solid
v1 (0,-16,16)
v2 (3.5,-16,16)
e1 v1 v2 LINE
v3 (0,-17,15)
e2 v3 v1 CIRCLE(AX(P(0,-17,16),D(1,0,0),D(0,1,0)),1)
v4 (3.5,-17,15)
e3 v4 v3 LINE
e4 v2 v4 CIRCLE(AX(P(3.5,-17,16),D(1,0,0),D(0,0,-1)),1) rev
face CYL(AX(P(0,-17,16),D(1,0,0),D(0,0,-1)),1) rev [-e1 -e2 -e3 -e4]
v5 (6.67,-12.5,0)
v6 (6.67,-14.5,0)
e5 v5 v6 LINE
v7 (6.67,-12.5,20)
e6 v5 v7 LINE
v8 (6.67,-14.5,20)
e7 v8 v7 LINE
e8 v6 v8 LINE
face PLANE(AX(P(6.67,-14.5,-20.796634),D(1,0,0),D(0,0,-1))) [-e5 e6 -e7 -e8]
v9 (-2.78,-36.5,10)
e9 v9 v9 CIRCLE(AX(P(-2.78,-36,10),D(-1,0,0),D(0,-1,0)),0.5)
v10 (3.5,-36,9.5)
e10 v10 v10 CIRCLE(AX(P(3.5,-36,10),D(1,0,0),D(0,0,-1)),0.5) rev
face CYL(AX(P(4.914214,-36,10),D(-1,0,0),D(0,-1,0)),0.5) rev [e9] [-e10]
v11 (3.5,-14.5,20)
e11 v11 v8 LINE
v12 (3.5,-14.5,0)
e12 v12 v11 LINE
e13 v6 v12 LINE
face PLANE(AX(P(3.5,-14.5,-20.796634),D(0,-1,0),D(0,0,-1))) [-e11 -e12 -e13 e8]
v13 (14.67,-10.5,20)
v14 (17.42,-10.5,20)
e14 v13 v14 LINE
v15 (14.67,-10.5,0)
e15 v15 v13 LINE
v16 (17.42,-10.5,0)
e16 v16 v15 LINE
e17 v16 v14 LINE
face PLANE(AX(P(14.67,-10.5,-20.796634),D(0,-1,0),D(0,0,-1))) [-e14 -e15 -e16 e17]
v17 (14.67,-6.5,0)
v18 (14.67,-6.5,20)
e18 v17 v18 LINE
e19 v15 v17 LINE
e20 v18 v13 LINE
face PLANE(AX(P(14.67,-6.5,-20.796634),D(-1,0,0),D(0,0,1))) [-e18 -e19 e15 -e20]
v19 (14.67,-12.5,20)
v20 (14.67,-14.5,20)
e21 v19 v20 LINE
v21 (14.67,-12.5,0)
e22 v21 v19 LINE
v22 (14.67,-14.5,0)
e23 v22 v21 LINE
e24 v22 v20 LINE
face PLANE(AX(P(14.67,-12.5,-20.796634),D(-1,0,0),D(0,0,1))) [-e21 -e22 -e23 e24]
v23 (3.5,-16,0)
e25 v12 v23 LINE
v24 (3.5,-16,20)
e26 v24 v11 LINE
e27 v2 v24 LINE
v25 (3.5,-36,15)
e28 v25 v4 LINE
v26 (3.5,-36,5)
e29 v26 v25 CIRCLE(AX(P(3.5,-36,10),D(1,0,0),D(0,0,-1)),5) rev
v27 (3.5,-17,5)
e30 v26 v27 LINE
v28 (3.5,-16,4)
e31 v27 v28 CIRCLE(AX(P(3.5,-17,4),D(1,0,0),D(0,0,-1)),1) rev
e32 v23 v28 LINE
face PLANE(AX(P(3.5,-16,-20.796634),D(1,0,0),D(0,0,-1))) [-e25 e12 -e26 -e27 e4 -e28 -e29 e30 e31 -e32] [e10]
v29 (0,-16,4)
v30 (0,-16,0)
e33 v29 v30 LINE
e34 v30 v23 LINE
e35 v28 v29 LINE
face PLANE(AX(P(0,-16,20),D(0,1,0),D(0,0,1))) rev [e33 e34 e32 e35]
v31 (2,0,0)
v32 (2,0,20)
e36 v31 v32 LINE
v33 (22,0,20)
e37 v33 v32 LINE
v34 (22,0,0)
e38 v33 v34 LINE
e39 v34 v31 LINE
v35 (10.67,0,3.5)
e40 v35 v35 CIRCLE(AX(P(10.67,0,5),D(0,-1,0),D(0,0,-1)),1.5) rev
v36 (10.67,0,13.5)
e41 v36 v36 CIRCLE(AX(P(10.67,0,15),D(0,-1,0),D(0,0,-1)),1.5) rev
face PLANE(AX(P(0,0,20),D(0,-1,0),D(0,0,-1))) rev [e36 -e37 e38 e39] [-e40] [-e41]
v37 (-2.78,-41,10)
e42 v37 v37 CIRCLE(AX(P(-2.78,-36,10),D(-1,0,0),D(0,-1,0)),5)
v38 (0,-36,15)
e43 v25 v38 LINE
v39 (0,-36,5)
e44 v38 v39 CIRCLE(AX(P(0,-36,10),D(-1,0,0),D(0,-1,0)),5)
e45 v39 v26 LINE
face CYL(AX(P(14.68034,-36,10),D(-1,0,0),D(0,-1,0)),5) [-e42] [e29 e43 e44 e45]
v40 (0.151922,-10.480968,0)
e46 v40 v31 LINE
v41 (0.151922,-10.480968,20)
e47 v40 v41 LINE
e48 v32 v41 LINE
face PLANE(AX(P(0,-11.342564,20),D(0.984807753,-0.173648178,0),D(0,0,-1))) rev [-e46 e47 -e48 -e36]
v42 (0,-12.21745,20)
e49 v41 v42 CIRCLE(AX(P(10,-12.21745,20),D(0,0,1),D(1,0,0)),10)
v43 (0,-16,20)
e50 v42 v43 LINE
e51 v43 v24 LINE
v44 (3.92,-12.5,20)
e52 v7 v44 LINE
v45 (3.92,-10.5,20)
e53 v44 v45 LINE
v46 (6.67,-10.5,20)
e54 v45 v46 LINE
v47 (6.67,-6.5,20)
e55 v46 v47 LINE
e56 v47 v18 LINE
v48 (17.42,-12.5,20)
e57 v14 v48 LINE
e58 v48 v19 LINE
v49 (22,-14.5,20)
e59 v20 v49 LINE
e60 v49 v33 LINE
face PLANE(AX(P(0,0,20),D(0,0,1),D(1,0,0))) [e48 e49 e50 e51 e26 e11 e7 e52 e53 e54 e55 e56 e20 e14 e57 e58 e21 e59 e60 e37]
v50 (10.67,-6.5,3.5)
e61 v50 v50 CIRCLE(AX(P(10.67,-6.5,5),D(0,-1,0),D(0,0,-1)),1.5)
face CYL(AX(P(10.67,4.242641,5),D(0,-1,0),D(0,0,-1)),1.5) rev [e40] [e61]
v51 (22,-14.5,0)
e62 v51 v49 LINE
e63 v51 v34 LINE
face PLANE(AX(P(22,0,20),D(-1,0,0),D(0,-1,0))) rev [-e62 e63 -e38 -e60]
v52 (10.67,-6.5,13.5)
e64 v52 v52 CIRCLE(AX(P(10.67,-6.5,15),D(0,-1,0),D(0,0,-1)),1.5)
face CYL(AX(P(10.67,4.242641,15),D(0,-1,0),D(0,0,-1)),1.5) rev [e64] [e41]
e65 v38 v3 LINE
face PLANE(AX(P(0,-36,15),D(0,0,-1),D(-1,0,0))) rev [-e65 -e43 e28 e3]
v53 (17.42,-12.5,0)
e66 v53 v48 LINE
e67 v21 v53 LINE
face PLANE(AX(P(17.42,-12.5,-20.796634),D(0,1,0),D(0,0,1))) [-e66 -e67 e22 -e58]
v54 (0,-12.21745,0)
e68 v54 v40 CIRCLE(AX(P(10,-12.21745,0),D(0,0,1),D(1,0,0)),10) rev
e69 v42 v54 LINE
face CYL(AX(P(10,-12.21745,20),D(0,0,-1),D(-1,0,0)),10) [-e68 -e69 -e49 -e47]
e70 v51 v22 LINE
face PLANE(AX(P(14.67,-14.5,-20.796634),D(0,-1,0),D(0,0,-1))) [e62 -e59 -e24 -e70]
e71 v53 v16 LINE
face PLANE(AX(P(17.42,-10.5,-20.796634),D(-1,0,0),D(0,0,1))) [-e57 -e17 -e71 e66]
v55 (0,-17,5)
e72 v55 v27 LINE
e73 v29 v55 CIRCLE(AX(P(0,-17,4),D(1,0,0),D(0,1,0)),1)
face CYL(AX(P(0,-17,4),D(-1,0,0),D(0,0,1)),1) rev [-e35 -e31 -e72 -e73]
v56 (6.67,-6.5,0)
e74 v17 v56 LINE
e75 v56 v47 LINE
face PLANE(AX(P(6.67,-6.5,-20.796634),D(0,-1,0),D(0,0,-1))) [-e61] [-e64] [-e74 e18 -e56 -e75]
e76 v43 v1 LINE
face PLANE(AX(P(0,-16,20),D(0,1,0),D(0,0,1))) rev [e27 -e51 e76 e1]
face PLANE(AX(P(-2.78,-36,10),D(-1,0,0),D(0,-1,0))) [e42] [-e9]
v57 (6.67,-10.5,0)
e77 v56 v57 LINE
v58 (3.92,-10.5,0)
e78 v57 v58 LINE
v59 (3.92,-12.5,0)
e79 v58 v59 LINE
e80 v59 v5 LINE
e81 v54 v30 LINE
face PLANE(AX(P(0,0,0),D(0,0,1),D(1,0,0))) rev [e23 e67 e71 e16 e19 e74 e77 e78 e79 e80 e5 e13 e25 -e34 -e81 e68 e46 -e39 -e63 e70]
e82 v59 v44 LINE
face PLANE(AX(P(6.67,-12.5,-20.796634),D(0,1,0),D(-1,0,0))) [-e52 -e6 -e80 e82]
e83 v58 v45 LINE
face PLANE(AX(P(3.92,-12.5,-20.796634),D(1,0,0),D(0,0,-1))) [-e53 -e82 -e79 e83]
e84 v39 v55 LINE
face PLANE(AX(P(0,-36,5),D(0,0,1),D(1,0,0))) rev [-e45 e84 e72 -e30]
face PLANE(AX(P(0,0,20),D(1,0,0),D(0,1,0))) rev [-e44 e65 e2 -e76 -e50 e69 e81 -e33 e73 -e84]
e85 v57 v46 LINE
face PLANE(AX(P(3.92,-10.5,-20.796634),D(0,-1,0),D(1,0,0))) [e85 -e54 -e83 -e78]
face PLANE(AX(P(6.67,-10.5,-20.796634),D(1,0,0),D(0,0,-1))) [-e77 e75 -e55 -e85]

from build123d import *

# Parameters (mm, degrees)
SKETCH1_W           = 22
SKETCH1_H           = 16
BOSS_EXTRUDE1_DEPTH = 20
CHAMFER1_SIZE       = 2
CHAMFER1_SIZE2      = 11.342563639
CUT_EXTRUDE1_DEPTH  = 20
FILLET1_R           = 10
SKETCH3_W           = 3.5
SKETCH3_H           = 10
BOSS_EXTRUDE2_DEPTH = 20
FILLET2_R           = 1
BOSS_EXTRUDE3_DEPTH = 3.5
SKETCH8_R           = 0.5
CUT_EXTRUDE2_DEPTH  = 3.5
SKETCH9_R           = 1.5
CUT_EXTRUDE3_DEPTH  = 6.5
SKETCH10_R          = 5
SKETCH10_R_2        = 0.5
BOSS_EXTRUDE4_DEPTH = 2.78


with BuildPart() as part:
    # Sketch1 → Boss-Extrude1 (new body)
    with BuildSketch(Plane.XY):
        with Locations((11, -8)):
            Rectangle(SKETCH1_W, SKETCH1_H)
    extrude(amount=BOSS_EXTRUDE1_DEPTH)

    # Chamfer1
    chamfer1_edges = [part.edges().sort_by_distance(p)[0] for p in [
        (0, 0, 10),
    ]]
    chamfer1_side = [part.faces().sort_by_distance(p)[0] for p in [
        (11, 0, 10),
    ]]
    chamfer(chamfer1_edges, length=CHAMFER1_SIZE, length2=CHAMFER1_SIZE2, reference=chamfer1_side[0])

    # Sketch2 → Cut-Extrude1 (cut)
    with BuildSketch(Plane.XY.offset(20)):
        Polygon((3.5, -16), (3.5, -14.5), (6.67, -14.5), (6.67, -12.5), (3.92, -12.5), (3.92, -10.5), (6.67, -10.5), (6.67, -6.5), (14.67, -6.5), (14.67, -10.5), (17.42, -10.5), (17.42, -12.5), (14.67, -12.5), (14.67, -14.5), (22, -14.5), (22, -16), align=None)
    extrude(amount=-CUT_EXTRUDE1_DEPTH, mode=Mode.SUBTRACT)

    # Fillet1
    fillet1_edges = [part.edges().sort_by_distance(p)[0] for p in [
        (0, -11.342563639, 10),
    ]]
    fillet(fillet1_edges, radius=FILLET1_R)

    # Sketch3 → Boss-Extrude2 (add)
    with BuildSketch(Plane.XZ.offset(16)):
        with Locations((1.75, 10)):
            Rectangle(SKETCH3_W, SKETCH3_H)
    extrude(amount=BOSS_EXTRUDE2_DEPTH)

    # Fillet2
    fillet2_edges = [part.edges().sort_by_distance(p)[0] for p in [
        (1.75, -16, 5),
        (1.75, -16, 15),
    ]]
    fillet(fillet2_edges, radius=FILLET2_R)

    # Sketch7 → Boss-Extrude3 (add)
    with BuildSketch(Plane.ZY):
        with BuildLine():
            Line((15, -36), (5, -36))
            ThreePointArc((5, -36), (10, -41), (15, -36))
        make_face()
    extrude(amount=-BOSS_EXTRUDE3_DEPTH)

    # Sketch8 → Cut-Extrude2 (cut)
    with BuildSketch(Plane.ZY):
        with Locations((10, -36)):
            Circle(SKETCH8_R)
    extrude(amount=-CUT_EXTRUDE2_DEPTH, mode=Mode.SUBTRACT)

    # Sketch9 → Cut-Extrude3 (cut)
    with BuildSketch(Plane.XZ.offset(6.5)):
        with Locations((10.67, 15)):
            Circle(SKETCH9_R)
        with Locations((10.67, 5)):
            Circle(SKETCH9_R)
    extrude(amount=-CUT_EXTRUDE3_DEPTH, mode=Mode.SUBTRACT)

    # Sketch10 → Boss-Extrude4 (add)
    with BuildSketch(Plane.ZY):
        with Locations((10, -36)):
            Circle(SKETCH10_R)
        with Locations((10, -36)):
            Circle(SKETCH10_R_2, mode=Mode.SUBTRACT)
    extrude(amount=BOSS_EXTRUDE4_DEPTH)


solid = part.part
